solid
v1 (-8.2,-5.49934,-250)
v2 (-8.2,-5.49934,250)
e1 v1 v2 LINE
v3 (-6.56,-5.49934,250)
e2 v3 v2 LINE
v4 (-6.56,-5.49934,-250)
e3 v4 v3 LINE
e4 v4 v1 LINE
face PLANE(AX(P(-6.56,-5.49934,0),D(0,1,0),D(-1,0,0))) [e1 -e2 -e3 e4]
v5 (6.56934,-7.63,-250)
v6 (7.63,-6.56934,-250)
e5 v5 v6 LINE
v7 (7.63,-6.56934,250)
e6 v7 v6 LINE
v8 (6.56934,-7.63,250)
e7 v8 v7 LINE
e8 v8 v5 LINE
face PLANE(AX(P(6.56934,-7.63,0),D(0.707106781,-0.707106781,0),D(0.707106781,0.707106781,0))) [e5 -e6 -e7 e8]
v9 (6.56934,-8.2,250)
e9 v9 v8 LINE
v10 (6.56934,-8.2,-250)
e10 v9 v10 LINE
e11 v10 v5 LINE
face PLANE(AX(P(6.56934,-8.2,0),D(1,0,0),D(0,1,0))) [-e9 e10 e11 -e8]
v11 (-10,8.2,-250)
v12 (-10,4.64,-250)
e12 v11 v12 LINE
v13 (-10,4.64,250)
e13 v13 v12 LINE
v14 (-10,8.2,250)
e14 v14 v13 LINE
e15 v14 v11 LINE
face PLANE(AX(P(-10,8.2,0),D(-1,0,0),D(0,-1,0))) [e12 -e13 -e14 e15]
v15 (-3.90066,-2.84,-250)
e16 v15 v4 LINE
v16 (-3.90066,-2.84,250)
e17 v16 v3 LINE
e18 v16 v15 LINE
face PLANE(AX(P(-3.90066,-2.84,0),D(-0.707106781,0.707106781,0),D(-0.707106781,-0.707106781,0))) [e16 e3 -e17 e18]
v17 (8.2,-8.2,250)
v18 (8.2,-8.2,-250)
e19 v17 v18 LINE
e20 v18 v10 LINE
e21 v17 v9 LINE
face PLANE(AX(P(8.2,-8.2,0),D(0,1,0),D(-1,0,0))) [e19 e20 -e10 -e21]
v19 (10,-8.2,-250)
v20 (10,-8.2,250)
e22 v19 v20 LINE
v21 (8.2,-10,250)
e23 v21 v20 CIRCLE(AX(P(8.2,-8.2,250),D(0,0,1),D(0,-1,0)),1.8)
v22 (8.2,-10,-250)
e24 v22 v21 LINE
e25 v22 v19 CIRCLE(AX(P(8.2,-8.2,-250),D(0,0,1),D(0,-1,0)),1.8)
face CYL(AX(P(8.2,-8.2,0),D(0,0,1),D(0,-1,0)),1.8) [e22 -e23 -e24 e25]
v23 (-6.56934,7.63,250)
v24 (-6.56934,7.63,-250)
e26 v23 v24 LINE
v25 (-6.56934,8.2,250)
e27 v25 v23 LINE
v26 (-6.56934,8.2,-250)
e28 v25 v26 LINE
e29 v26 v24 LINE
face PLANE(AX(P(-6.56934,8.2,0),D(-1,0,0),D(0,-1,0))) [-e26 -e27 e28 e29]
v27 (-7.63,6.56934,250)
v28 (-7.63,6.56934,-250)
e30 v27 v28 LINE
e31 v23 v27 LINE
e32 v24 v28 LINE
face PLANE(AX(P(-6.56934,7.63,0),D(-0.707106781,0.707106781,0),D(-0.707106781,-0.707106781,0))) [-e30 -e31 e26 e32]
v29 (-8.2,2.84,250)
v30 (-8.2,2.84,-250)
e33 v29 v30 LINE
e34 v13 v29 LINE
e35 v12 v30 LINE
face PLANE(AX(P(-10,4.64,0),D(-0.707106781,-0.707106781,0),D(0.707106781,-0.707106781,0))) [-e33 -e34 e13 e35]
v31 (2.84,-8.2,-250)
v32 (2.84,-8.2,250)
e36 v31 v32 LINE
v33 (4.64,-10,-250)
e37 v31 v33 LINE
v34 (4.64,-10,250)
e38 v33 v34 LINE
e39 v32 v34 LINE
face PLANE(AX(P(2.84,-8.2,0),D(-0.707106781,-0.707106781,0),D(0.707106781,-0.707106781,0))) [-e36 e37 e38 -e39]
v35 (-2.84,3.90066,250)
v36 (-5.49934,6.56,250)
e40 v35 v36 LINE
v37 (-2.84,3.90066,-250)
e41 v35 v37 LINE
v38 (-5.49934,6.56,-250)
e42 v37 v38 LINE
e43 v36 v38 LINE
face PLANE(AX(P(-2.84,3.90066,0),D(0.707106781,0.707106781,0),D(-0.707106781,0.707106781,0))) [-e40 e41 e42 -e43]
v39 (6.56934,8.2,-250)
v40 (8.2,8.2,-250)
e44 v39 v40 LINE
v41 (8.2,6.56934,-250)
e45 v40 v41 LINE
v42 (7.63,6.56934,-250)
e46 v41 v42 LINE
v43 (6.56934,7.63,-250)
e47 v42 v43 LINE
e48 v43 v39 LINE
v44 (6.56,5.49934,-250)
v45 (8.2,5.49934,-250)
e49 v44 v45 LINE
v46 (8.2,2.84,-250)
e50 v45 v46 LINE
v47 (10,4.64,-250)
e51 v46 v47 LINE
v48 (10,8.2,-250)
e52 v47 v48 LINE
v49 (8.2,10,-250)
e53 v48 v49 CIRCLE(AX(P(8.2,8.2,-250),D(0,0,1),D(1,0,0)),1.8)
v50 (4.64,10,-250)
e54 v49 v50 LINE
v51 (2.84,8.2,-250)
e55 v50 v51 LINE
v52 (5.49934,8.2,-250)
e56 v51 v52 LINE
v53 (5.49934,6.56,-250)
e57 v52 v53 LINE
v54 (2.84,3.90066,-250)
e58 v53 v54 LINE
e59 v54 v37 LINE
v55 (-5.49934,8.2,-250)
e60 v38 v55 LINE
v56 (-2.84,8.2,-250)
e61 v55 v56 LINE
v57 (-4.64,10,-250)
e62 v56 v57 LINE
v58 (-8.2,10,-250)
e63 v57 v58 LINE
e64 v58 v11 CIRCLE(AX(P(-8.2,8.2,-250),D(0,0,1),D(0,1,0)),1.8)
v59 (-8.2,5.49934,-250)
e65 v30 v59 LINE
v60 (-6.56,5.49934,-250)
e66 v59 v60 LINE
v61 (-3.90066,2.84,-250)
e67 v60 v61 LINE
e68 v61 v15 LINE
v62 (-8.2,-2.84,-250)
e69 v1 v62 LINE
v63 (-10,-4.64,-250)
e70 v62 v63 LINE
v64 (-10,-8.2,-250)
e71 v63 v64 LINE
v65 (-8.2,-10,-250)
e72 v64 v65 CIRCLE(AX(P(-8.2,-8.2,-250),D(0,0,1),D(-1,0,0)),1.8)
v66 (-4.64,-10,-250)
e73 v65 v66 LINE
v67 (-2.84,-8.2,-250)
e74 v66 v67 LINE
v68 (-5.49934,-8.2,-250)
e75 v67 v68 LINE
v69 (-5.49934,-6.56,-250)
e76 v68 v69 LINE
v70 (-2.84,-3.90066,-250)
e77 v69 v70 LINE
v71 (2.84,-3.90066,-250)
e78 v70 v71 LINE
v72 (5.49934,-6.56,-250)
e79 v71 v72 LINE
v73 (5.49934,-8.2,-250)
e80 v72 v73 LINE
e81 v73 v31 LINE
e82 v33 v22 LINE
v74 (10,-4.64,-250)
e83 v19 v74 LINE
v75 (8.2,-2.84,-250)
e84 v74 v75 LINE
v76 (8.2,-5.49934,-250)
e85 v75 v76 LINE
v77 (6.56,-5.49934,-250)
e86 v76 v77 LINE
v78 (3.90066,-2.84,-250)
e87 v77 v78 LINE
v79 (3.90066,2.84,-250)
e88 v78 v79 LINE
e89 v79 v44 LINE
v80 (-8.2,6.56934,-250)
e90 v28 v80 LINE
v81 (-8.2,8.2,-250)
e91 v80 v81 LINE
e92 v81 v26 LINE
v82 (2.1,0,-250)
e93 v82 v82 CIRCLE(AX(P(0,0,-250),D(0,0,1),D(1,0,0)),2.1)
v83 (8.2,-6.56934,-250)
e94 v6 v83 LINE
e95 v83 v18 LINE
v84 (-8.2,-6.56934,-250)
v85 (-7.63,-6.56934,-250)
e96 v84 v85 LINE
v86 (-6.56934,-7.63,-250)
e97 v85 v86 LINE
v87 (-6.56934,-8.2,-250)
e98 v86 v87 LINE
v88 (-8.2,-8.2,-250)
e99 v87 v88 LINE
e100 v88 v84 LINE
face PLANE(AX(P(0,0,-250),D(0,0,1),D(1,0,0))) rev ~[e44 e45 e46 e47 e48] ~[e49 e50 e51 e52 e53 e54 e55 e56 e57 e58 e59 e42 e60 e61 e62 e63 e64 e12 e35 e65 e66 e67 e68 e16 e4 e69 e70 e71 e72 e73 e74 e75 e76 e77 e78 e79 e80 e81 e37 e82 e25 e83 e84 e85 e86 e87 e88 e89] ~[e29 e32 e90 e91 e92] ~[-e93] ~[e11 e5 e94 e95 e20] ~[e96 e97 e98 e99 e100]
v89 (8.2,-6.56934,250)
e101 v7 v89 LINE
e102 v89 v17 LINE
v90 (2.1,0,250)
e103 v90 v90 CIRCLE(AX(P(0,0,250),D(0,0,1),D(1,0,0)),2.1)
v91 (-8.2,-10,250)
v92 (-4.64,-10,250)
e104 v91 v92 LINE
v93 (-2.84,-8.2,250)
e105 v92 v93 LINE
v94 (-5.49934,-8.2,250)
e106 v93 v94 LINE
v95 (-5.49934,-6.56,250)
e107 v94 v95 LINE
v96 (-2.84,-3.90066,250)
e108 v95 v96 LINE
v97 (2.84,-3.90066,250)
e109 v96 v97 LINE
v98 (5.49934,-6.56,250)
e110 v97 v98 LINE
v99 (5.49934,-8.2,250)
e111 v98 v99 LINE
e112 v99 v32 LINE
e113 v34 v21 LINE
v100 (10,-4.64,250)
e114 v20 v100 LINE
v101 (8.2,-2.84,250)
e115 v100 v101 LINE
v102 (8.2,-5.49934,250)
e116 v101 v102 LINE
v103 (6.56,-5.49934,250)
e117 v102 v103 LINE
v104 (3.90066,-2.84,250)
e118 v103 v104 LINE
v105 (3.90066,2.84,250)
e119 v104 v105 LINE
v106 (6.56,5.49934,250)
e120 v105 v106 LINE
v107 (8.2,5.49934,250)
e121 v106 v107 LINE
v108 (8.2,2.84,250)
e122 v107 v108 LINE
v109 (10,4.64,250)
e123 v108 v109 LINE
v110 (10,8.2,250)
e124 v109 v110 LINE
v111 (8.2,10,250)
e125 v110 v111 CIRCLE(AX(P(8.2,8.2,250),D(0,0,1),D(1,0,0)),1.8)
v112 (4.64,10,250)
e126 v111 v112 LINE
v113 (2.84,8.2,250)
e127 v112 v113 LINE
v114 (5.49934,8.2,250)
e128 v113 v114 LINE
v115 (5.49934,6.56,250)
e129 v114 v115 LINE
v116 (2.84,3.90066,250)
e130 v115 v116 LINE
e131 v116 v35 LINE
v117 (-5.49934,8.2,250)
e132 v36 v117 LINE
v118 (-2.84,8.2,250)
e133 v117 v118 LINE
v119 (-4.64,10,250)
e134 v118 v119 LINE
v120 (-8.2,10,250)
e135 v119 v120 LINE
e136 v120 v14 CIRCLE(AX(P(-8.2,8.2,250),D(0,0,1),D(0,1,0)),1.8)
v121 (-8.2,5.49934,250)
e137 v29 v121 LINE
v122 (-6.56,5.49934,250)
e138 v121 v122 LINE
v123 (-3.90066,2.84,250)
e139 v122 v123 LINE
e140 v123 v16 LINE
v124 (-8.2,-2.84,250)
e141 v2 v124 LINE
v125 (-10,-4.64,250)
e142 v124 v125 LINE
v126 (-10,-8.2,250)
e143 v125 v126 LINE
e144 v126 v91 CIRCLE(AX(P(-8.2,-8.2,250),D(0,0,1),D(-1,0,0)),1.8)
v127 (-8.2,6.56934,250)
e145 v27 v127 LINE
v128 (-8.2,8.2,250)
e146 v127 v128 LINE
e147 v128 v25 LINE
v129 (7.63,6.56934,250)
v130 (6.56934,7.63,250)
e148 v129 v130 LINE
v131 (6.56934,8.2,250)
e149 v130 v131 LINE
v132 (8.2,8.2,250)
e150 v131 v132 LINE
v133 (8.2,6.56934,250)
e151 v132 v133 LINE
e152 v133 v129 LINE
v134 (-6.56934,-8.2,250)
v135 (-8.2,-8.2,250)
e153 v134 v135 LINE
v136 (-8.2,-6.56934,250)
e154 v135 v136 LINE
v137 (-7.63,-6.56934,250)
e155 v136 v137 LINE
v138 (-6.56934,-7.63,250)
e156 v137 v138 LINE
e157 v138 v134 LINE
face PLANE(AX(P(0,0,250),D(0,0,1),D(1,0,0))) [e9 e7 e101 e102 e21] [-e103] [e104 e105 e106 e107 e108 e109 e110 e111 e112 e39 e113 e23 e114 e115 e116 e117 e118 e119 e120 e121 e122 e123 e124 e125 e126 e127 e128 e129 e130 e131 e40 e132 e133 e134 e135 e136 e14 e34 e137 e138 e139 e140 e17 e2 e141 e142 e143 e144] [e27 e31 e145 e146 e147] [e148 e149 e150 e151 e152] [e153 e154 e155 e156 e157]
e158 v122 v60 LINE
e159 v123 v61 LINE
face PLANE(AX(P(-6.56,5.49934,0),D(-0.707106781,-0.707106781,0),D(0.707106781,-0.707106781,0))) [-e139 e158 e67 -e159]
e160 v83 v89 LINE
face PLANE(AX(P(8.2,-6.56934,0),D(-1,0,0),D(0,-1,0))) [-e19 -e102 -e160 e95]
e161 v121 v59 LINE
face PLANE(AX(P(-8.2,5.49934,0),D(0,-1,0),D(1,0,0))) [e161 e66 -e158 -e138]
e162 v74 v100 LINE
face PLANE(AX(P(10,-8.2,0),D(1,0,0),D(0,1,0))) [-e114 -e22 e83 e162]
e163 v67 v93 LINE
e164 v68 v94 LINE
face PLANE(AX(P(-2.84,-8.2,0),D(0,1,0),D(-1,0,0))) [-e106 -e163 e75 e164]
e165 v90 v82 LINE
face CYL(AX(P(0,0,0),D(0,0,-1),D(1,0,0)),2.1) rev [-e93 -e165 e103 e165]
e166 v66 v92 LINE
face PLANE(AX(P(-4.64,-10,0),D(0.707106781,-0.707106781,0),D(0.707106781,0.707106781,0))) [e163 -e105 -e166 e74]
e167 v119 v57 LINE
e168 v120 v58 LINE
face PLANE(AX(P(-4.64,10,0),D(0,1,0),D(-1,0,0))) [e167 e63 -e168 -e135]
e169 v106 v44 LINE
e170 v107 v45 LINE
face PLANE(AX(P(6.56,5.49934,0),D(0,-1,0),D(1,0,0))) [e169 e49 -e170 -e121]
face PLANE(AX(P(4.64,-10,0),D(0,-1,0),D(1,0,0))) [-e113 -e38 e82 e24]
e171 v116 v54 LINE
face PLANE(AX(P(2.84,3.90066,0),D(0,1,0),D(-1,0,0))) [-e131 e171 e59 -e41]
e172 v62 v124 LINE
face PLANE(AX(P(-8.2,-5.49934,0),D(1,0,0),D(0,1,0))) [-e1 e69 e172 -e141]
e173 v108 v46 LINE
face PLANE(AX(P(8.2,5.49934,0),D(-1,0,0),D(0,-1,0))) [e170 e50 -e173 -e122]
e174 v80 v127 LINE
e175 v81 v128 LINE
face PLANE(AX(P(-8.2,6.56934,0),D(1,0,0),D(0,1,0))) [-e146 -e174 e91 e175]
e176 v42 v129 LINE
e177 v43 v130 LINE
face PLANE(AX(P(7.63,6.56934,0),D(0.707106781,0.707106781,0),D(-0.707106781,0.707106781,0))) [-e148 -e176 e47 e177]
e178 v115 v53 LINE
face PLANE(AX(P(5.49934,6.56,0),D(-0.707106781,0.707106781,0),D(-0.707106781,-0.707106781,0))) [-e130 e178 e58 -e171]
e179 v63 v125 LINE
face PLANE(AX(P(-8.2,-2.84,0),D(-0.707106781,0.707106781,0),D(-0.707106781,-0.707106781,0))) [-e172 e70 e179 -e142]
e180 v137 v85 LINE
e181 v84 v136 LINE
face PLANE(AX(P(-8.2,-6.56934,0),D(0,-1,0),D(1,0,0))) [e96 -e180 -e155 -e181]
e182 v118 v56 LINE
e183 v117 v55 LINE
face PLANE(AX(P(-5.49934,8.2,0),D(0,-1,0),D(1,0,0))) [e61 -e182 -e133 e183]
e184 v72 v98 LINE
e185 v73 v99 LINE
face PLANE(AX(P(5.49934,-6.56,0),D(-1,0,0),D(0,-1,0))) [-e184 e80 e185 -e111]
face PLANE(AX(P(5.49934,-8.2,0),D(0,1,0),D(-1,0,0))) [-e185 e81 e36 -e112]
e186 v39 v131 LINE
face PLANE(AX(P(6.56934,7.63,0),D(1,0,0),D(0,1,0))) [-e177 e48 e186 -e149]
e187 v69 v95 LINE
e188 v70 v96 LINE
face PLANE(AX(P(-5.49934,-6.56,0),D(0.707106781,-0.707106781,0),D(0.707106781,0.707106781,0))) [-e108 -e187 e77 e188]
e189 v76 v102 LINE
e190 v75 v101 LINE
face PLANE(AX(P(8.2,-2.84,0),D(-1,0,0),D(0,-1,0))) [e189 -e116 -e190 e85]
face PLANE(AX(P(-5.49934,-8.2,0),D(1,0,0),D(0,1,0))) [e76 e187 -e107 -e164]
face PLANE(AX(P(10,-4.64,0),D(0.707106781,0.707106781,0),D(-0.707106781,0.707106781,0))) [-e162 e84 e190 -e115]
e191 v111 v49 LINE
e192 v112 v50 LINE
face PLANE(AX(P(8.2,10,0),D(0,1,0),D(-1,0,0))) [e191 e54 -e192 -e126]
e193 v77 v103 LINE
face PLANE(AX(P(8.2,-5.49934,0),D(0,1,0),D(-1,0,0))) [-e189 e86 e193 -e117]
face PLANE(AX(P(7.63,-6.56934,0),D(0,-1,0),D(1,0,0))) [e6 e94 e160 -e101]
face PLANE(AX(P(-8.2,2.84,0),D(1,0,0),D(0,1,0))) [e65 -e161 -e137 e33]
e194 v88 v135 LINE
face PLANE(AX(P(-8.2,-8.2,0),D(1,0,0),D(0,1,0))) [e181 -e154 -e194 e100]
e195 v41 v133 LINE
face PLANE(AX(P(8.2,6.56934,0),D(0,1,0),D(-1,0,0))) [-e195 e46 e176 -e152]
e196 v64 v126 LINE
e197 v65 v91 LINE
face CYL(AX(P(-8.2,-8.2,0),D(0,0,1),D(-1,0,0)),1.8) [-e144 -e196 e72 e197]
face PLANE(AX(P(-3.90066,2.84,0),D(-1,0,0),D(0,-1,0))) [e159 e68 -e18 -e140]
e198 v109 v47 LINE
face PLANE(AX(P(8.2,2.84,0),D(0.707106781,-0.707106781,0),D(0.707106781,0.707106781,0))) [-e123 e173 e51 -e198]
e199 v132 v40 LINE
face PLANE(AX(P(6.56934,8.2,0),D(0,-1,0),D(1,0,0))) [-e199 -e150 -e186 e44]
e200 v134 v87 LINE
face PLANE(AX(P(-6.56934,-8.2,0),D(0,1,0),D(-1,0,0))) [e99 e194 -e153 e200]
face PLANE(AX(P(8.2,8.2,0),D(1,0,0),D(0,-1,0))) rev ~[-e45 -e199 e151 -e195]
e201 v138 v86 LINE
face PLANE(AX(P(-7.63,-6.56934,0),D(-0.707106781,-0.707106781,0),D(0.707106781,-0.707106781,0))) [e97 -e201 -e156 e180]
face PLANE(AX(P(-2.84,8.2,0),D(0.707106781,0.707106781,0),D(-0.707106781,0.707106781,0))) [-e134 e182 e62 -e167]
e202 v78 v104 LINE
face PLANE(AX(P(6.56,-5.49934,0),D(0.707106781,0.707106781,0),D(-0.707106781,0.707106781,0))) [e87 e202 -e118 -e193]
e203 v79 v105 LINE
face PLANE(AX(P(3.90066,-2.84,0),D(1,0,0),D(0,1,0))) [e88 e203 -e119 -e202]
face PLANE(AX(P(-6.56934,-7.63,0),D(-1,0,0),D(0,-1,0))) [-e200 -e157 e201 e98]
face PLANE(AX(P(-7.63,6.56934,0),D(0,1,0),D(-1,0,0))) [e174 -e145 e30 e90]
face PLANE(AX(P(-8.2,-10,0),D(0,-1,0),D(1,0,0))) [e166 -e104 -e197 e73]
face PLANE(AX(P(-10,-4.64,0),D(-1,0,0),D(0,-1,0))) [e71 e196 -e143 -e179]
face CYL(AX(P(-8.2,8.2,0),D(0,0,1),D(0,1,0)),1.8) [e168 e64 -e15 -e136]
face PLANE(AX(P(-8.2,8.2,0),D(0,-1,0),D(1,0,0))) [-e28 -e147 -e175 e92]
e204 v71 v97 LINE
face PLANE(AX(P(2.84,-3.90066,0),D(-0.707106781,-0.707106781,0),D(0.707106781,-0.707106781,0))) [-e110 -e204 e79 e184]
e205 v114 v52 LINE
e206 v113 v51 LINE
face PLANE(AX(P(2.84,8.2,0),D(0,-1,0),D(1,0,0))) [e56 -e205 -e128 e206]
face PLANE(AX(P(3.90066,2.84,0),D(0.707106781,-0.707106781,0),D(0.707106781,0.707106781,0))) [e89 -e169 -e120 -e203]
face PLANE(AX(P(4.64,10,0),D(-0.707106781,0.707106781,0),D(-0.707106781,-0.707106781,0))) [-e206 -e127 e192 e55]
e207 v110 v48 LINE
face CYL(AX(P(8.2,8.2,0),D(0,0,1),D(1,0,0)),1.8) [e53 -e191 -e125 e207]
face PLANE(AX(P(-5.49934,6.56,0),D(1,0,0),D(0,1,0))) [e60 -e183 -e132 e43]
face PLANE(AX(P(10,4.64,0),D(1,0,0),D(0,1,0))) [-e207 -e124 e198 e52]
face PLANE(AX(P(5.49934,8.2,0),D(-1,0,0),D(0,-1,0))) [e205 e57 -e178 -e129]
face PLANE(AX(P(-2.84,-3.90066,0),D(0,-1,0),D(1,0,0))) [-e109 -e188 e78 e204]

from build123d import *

# Parameters (mm, degrees)
ESQUISSE1_R        = 2.1
BOSS_EXTRU_2_DEPTH = 250


with BuildPart() as part:
    # Esquisse1 → Boss.-Extru.2 (new, symmetric)
    with BuildSketch(Plane.XY):
        with BuildLine():
            Line((-3.900660172, 0), (-3.900660172, -2.84))
            Line((-3.900660172, -2.84), (-6.56, -5.499339828))
            Line((-6.56, -5.499339828), (-8.2, -5.499339828))
            Line((-8.2, -5.499339828), (-8.2, -2.84))
            Line((-8.2, -2.84), (-10, -4.64))
            Line((-10, -4.64), (-10, -8.2))
            ThreePointArc((-10, -8.2), (-9.472792206, -9.472792206), (-8.2, -10))
            Line((-8.2, -10), (-4.64, -10))
            Line((-4.64, -10), (-2.84, -8.2))
            Line((-2.84, -8.2), (-5.499339828, -8.2))
            Line((-5.499339828, -8.2), (-5.499339828, -6.56))
            Line((-5.499339828, -6.56), (-2.84, -3.900660172))
            Line((-2.84, -3.900660172), (0, -3.900660172))
            Line((0, -3.900660172), (2.84, -3.900660172))
            Line((2.84, -3.900660172), (5.499339828, -6.56))
            Line((5.499339828, -6.56), (5.499339828, -8.2))
            Line((5.499339828, -8.2), (2.84, -8.2))
            Line((2.84, -8.2), (4.64, -10))
            Line((4.64, -10), (8.2, -10))
            ThreePointArc((8.2, -10), (9.472792206, -9.472792206), (10, -8.2))
            Line((10, -8.2), (10, -4.64))
            Line((10, -4.64), (8.2, -2.84))
            Line((8.2, -2.84), (8.2, -5.499339828))
            Line((8.2, -5.499339828), (6.56, -5.499339828))
            Line((6.56, -5.499339828), (3.900660172, -2.84))
            Line((3.900660172, -2.84), (3.900660172, 0))
            Line((3.900660172, 0), (3.900660172, 2.84))
            Line((3.900660172, 2.84), (6.56, 5.499339828))
            Line((6.56, 5.499339828), (8.2, 5.499339828))
            Line((8.2, 5.499339828), (8.2, 2.84))
            Line((8.2, 2.84), (10, 4.64))
            Line((10, 4.64), (10, 8.2))
            ThreePointArc((10, 8.2), (9.472792206, 9.472792206), (8.2, 10))
            Line((8.2, 10), (4.64, 10))
            Line((4.64, 10), (2.84, 8.2))
            Line((2.84, 8.2), (5.499339828, 8.2))
            Line((5.499339828, 8.2), (5.499339828, 6.56))
            Line((5.499339828, 6.56), (2.84, 3.900660172))
            Line((2.84, 3.900660172), (0, 3.900660172))
            Line((0, 3.900660172), (-2.84, 3.900660172))
            Line((-2.84, 3.900660172), (-5.499339828, 6.56))
            Line((-5.499339828, 6.56), (-5.499339828, 8.2))
            Line((-5.499339828, 8.2), (-2.84, 8.2))
            Line((-2.84, 8.2), (-4.64, 10))
            Line((-4.64, 10), (-8.2, 10))
            ThreePointArc((-8.2, 10), (-9.472792206, 9.472792206), (-10, 8.2))
            Line((-10, 8.2), (-10, 4.64))
            Line((-10, 4.64), (-8.2, 2.84))
            Line((-8.2, 2.84), (-8.2, 5.499339828))
            Line((-8.2, 5.499339828), (-6.56, 5.499339828))
            Line((-6.56, 5.499339828), (-3.900660172, 2.84))
            Line((-3.900660172, 2.84), (-3.900660172, 0))
        make_face()
        Circle(ESQUISSE1_R, mode=Mode.SUBTRACT)
        Polygon((-8.2, -8.2), (-8.2, -6.569339828), (-7.63, -6.569339828), (-6.569339828, -7.63), (-6.569339828, -8.2), align=None, mode=Mode.SUBTRACT)
        Polygon((-8.2, 6.569339828), (-8.2, 8.2), (-6.569339828, 8.2), (-6.569339828, 7.63), (-7.63, 6.569339828), align=None, mode=Mode.SUBTRACT)
        Polygon((6.569339828, 8.2), (8.2, 8.2), (8.2, 6.569339828), (7.63, 6.569339828), (6.569339828, 7.63), align=None, mode=Mode.SUBTRACT)
        Polygon((8.2, -6.569339828), (8.2, -8.2), (6.569339828, -8.2), (6.569339828, -7.63), (7.63, -6.569339828), align=None, mode=Mode.SUBTRACT)
    extrude(amount=BOSS_EXTRU_2_DEPTH, both=True)


solid = part.part
